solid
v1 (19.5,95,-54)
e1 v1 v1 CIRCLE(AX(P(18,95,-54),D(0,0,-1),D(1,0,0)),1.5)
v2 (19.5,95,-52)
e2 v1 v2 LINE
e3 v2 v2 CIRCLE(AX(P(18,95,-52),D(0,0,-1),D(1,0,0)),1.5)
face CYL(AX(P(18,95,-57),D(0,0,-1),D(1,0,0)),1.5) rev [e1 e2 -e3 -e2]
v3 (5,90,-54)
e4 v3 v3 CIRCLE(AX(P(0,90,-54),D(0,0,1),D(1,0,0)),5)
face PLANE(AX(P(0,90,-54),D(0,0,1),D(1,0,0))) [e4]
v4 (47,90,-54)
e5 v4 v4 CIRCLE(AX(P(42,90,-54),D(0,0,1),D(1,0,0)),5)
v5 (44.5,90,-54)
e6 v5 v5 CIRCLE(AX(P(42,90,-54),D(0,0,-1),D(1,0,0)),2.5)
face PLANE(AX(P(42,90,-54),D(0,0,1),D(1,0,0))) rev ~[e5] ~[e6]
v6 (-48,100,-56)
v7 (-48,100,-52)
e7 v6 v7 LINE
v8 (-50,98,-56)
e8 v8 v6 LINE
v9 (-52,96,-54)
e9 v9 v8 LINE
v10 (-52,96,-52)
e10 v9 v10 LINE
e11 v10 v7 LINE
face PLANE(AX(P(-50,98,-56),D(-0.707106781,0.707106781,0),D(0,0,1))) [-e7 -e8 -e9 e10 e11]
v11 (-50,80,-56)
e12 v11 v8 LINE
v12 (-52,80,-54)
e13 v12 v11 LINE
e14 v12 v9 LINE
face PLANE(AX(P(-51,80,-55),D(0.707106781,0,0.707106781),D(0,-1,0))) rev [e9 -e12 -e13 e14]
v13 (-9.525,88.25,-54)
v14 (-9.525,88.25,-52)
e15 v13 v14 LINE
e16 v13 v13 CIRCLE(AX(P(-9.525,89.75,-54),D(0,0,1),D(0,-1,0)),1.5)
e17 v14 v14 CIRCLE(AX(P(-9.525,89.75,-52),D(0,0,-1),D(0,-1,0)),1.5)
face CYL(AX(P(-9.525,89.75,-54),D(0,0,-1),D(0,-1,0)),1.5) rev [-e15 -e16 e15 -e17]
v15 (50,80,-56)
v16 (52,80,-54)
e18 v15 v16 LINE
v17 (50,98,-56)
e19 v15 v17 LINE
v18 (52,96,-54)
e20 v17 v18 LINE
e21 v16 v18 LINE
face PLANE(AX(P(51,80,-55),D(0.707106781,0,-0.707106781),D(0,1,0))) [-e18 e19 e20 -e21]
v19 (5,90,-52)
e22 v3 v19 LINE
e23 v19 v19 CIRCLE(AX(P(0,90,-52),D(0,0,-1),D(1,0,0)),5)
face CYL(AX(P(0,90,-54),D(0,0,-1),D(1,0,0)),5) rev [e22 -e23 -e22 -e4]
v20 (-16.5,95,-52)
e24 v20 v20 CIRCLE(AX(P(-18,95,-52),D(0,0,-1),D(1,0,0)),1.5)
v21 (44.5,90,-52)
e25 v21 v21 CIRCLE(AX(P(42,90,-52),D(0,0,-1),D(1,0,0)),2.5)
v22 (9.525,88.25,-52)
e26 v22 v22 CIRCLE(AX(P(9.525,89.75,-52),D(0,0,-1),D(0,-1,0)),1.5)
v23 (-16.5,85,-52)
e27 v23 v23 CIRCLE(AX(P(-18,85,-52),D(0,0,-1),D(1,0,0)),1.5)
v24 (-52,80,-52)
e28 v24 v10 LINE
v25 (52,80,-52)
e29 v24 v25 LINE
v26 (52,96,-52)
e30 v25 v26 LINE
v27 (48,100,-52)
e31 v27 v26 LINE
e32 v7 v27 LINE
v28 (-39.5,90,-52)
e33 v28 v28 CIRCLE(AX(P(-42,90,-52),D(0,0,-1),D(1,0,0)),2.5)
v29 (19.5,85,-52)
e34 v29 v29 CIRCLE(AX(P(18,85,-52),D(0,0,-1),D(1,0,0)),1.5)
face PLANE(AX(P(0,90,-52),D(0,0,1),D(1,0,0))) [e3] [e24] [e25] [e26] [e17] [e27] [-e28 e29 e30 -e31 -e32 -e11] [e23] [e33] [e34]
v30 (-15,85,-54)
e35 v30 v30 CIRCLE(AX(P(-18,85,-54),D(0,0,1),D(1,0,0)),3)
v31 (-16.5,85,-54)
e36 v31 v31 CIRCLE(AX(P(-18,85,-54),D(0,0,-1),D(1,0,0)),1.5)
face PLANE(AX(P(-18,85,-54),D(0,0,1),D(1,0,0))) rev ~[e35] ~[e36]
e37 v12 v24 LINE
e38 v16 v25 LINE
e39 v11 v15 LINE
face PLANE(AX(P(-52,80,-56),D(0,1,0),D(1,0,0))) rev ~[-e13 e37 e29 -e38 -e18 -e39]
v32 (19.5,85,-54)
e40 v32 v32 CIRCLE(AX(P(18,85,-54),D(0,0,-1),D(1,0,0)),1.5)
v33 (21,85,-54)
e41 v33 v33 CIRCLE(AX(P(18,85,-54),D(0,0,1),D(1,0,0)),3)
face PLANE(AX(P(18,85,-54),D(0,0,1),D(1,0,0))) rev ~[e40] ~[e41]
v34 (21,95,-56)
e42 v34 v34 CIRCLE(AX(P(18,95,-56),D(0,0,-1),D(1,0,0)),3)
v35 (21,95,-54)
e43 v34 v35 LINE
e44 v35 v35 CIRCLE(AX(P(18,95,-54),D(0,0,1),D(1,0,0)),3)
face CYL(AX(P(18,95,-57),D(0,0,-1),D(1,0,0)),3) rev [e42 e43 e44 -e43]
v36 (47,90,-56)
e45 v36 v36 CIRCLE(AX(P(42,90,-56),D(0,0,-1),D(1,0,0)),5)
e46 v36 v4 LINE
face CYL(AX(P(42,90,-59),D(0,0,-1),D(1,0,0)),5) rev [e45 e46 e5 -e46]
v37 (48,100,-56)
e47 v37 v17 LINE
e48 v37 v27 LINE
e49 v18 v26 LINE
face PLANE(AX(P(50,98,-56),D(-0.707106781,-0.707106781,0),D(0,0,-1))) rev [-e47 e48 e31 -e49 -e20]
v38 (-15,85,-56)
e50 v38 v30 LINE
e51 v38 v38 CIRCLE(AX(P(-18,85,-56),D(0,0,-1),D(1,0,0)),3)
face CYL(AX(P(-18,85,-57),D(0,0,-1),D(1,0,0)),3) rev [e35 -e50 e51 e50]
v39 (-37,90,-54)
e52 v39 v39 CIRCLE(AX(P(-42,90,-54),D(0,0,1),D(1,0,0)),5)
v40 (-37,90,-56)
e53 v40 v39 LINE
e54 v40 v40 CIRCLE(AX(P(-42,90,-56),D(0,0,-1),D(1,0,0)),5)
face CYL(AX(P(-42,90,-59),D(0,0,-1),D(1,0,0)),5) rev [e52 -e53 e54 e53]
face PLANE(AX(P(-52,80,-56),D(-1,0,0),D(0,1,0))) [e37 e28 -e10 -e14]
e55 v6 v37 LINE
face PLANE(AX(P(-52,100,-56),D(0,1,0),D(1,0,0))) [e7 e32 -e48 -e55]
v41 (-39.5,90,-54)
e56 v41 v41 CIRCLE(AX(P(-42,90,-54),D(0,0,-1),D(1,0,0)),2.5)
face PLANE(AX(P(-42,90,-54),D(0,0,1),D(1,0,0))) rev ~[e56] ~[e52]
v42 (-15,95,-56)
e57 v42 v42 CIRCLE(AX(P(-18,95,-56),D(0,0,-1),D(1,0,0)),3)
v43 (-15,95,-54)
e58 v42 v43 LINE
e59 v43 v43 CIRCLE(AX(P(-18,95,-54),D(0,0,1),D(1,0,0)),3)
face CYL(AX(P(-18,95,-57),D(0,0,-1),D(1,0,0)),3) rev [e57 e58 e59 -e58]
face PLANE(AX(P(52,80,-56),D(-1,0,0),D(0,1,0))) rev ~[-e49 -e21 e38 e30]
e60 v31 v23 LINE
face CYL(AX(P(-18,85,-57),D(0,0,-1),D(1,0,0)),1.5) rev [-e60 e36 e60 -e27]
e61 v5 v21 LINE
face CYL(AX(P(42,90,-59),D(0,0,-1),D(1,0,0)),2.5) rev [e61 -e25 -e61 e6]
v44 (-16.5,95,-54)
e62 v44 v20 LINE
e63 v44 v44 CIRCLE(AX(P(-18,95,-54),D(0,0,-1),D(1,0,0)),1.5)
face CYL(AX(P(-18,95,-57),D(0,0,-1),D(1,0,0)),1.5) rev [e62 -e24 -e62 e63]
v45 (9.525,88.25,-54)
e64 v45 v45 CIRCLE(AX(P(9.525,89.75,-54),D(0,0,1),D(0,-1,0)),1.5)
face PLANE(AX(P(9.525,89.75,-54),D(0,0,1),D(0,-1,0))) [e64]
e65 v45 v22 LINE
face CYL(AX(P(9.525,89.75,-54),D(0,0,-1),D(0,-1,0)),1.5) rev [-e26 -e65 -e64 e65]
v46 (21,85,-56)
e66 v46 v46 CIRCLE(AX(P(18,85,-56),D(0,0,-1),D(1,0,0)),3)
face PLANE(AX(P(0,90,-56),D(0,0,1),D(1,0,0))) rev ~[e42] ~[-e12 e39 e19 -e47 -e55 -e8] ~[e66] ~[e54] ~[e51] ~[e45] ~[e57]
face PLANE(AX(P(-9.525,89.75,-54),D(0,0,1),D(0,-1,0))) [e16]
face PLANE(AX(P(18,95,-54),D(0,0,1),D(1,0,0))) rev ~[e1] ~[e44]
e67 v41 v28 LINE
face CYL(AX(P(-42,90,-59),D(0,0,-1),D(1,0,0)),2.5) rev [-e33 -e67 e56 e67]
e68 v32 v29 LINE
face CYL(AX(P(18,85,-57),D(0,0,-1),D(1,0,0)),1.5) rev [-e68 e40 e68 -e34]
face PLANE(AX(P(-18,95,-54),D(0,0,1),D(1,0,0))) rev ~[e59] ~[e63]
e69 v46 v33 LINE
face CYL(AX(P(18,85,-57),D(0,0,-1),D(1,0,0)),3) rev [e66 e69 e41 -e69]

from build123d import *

# Parameters (mm, degrees)
CYLINDER1697_R              = 1.5
CYLINDER1697_DEPTH          = 20
CYLINDER1698_R              = 1.5
CYLINDER1698_DEPTH          = 20
COMPOUND842_ROLL_ANGLE      = 90
COMPOUND842_PLACEMENT_ANGLE = 90
CYLINDER1690_R              = 2.5
CYLINDER1690_DEPTH          = 20
CYLINDER1689_R              = 2.5
CYLINDER1689_DEPTH          = 20
CYLINDER1696_R              = 5
CYLINDER1696_DEPTH          = 5
CYLINDER1687_R              = 5
CYLINDER1687_DEPTH          = 5
CYLINDER1695_R              = 3
CYLINDER1695_DEPTH          = 3
CYLINDER1692_R              = 3
CYLINDER1692_DEPTH          = 3
CYLINDER1693_R              = 3
CYLINDER1693_DEPTH          = 3
CYLINDER1694_R              = 3
CYLINDER1694_DEPTH          = 3
CYLINDER1682_R              = 1.5
CYLINDER1682_DEPTH          = 60
CYLINDER1685_R              = 1.5
CYLINDER1685_DEPTH          = 60
CYLINDER1683_R              = 1.5
CYLINDER1683_DEPTH          = 60
CYLINDER1681_R              = 1.5
CYLINDER1681_DEPTH          = 60
CYLINDER1677_R              = 5
CYLINDER1677_DEPTH          = 5
BOX657_W                    = 104
BOX657_H                    = 20
BOX657_DEPTH                = 4
CHAMFER049_SIZE             = 4
CHAMFER050_SIZE             = 2


with BuildPart() as v_lec1697:
    # Cylinder1697 → Cylinder1697 (new body)
    with BuildSketch(Plane(origin=(15.75, 114, 58.525), x_dir=(-1, 0, 0), z_dir=(0, 1, 0))):
        Circle(CYLINDER1697_R)
    extrude(amount=CYLINDER1697_DEPTH)


with BuildPart() as compound840:
    # Cylinder1698 → Cylinder1698 (new body)
    with BuildSketch(Plane(origin=(15.75, 114, 39.475), x_dir=(-1, 0, 0), z_dir=(0, 1, 0))):
        Circle(CYLINDER1698_R)
    extrude(amount=CYLINDER1698_DEPTH)

    # Compound842: union Válec1697
    add(v_lec1697.part)


with BuildPart() as compound840_1:
    # Compound842 roll: moved
    add(compound840.part.rotate(Axis((0, 0, 0), (1, 0, 0)), COMPOUND842_ROLL_ANGLE))


with BuildPart() as compound840_2:
    # Compound842 placement: moved
    add(compound840_1.part.moved(Location((-49, 0, -96))).rotate(Axis((-49, 0, -96), (0, 0, 1)), COMPOUND842_PLACEMENT_ANGLE))


with BuildPart() as compound840_3:
    # Compound840 placement: moved
    add(compound840_2.part.moved(Location((0, 74, -72))))


with BuildPart() as v_lec1690:
    # Cylinder1690 → Cylinder1690 (new body)
    with BuildSketch(Plane(origin=(-42, 90, -59), x_dir=(1, 0, 0), z_dir=(0, 0, 1))):
        Circle(CYLINDER1690_R)
    extrude(amount=CYLINDER1690_DEPTH)


with BuildPart() as compound837:
    # Cylinder1689 → Cylinder1689 (new body)
    with BuildSketch(Plane(origin=(42, 90, -59), x_dir=(1, 0, 0), z_dir=(0, 0, 1))):
        Circle(CYLINDER1689_R)
    extrude(amount=CYLINDER1689_DEPTH)

    # Compound837: union Válec1690
    add(v_lec1690.part)


with BuildPart() as v_lec1696:
    # Cylinder1696 → Cylinder1696 (new body)
    with BuildSketch(Plane(origin=(-42, 90, -59), x_dir=(1, 0, 0), z_dir=(0, 0, 1))):
        Circle(CYLINDER1696_R)
    extrude(amount=CYLINDER1696_DEPTH)


with BuildPart() as compound836:
    # Cylinder1687 → Cylinder1687 (new body)
    with BuildSketch(Plane(origin=(42, 90, -59), x_dir=(1, 0, 0), z_dir=(0, 0, 1))):
        Circle(CYLINDER1687_R)
    extrude(amount=CYLINDER1687_DEPTH)

    # Compound836: union Válec1696
    add(v_lec1696.part)


with BuildPart() as v_lec1695:
    # Cylinder1695 → Cylinder1695 (new body)
    with BuildSketch(Plane(origin=(18, 85, -57), x_dir=(1, 0, 0), z_dir=(0, 0, 1))):
        Circle(CYLINDER1695_R)
    extrude(amount=CYLINDER1695_DEPTH)


with BuildPart() as v_lec1692:
    # Cylinder1692 → Cylinder1692 (new body)
    with BuildSketch(Plane(origin=(-18, 85, -57), x_dir=(1, 0, 0), z_dir=(0, 0, 1))):
        Circle(CYLINDER1692_R)
    extrude(amount=CYLINDER1692_DEPTH)


with BuildPart() as v_lec1693:
    # Cylinder1693 → Cylinder1693 (new body)
    with BuildSketch(Plane(origin=(-18, 95, -57), x_dir=(1, 0, 0), z_dir=(0, 0, 1))):
        Circle(CYLINDER1693_R)
    extrude(amount=CYLINDER1693_DEPTH)


with BuildPart() as compound834:
    # Cylinder1694 → Cylinder1694 (new body)
    with BuildSketch(Plane(origin=(18, 95, -57), x_dir=(1, 0, 0), z_dir=(0, 0, 1))):
        Circle(CYLINDER1694_R)
    extrude(amount=CYLINDER1694_DEPTH)

    # Compound834: union Válec1695, Válec1692, Válec1693
    add(v_lec1695.part)
    add(v_lec1692.part)
    add(v_lec1693.part)


with BuildPart() as v_lec1682:
    # Cylinder1682 → Cylinder1682 (new body)
    with BuildSketch(Plane(origin=(18, 85, -57), x_dir=(1, 0, 0), z_dir=(0, 0, 1))):
        Circle(CYLINDER1682_R)
    extrude(amount=CYLINDER1682_DEPTH)


with BuildPart() as v_lec1685:
    # Cylinder1685 → Cylinder1685 (new body)
    with BuildSketch(Plane(origin=(-18, 85, -57), x_dir=(1, 0, 0), z_dir=(0, 0, 1))):
        Circle(CYLINDER1685_R)
    extrude(amount=CYLINDER1685_DEPTH)


with BuildPart() as v_lec1683:
    # Cylinder1683 → Cylinder1683 (new body)
    with BuildSketch(Plane(origin=(-18, 95, -57), x_dir=(1, 0, 0), z_dir=(0, 0, 1))):
        Circle(CYLINDER1683_R)
    extrude(amount=CYLINDER1683_DEPTH)


with BuildPart() as compound833:
    # Cylinder1681 → Cylinder1681 (new body)
    with BuildSketch(Plane(origin=(18, 95, -57), x_dir=(1, 0, 0), z_dir=(0, 0, 1))):
        Circle(CYLINDER1681_R)
    extrude(amount=CYLINDER1681_DEPTH)

    # Compound833: union Válec1682, Válec1685, Válec1683
    add(v_lec1682.part)
    add(v_lec1685.part)
    add(v_lec1683.part)


with BuildPart() as v_lec1677:
    # Cylinder1677 → Cylinder1677 (new body)
    with BuildSketch(Plane(origin=(0, 90, -54), x_dir=(1, 0, 0), z_dir=(0, 0, 1))):
        Circle(CYLINDER1677_R)
    extrude(amount=CYLINDER1677_DEPTH)


with BuildPart() as cut344:
    # Box657 → Box657 (new body)
    with BuildSketch(Plane(origin=(-52, 80, -56), x_dir=(1, 0, 0), z_dir=(0, 0, 1))):
        with Locations((52, 10)):
            Rectangle(BOX657_W, BOX657_H)
    extrude(amount=BOX657_DEPTH)

    # Cut337: cut Válec1677
    add(v_lec1677.part, mode=Mode.SUBTRACT)

    # Cut339: cut Compound833
    add(compound833.part, mode=Mode.SUBTRACT)

    # Cut340: cut Compound834
    add(compound834.part, mode=Mode.SUBTRACT)

    # Cut338: cut Compound836
    add(compound836.part, mode=Mode.SUBTRACT)

    # Cut341: cut Compound837
    add(compound837.part, mode=Mode.SUBTRACT)

    # Chamfer049
    chamfer049_edges = [cut344.edges().sort_by_distance(p)[0] for p in [
        (-52, 100, -54),
        (52, 100, -54),
    ]]
    chamfer(chamfer049_edges, length=CHAMFER049_SIZE)

    # Chamfer050
    chamfer050_edges = [cut344.edges().sort_by_distance(p)[0] for p in [
        (-52, 88, -56),
        (52, 88, -56),
    ]]
    chamfer(chamfer050_edges, length=CHAMFER050_SIZE)

    # Cut344: cut Compound840
    add(compound840_3.part, mode=Mode.SUBTRACT)


solid = cut344.part
